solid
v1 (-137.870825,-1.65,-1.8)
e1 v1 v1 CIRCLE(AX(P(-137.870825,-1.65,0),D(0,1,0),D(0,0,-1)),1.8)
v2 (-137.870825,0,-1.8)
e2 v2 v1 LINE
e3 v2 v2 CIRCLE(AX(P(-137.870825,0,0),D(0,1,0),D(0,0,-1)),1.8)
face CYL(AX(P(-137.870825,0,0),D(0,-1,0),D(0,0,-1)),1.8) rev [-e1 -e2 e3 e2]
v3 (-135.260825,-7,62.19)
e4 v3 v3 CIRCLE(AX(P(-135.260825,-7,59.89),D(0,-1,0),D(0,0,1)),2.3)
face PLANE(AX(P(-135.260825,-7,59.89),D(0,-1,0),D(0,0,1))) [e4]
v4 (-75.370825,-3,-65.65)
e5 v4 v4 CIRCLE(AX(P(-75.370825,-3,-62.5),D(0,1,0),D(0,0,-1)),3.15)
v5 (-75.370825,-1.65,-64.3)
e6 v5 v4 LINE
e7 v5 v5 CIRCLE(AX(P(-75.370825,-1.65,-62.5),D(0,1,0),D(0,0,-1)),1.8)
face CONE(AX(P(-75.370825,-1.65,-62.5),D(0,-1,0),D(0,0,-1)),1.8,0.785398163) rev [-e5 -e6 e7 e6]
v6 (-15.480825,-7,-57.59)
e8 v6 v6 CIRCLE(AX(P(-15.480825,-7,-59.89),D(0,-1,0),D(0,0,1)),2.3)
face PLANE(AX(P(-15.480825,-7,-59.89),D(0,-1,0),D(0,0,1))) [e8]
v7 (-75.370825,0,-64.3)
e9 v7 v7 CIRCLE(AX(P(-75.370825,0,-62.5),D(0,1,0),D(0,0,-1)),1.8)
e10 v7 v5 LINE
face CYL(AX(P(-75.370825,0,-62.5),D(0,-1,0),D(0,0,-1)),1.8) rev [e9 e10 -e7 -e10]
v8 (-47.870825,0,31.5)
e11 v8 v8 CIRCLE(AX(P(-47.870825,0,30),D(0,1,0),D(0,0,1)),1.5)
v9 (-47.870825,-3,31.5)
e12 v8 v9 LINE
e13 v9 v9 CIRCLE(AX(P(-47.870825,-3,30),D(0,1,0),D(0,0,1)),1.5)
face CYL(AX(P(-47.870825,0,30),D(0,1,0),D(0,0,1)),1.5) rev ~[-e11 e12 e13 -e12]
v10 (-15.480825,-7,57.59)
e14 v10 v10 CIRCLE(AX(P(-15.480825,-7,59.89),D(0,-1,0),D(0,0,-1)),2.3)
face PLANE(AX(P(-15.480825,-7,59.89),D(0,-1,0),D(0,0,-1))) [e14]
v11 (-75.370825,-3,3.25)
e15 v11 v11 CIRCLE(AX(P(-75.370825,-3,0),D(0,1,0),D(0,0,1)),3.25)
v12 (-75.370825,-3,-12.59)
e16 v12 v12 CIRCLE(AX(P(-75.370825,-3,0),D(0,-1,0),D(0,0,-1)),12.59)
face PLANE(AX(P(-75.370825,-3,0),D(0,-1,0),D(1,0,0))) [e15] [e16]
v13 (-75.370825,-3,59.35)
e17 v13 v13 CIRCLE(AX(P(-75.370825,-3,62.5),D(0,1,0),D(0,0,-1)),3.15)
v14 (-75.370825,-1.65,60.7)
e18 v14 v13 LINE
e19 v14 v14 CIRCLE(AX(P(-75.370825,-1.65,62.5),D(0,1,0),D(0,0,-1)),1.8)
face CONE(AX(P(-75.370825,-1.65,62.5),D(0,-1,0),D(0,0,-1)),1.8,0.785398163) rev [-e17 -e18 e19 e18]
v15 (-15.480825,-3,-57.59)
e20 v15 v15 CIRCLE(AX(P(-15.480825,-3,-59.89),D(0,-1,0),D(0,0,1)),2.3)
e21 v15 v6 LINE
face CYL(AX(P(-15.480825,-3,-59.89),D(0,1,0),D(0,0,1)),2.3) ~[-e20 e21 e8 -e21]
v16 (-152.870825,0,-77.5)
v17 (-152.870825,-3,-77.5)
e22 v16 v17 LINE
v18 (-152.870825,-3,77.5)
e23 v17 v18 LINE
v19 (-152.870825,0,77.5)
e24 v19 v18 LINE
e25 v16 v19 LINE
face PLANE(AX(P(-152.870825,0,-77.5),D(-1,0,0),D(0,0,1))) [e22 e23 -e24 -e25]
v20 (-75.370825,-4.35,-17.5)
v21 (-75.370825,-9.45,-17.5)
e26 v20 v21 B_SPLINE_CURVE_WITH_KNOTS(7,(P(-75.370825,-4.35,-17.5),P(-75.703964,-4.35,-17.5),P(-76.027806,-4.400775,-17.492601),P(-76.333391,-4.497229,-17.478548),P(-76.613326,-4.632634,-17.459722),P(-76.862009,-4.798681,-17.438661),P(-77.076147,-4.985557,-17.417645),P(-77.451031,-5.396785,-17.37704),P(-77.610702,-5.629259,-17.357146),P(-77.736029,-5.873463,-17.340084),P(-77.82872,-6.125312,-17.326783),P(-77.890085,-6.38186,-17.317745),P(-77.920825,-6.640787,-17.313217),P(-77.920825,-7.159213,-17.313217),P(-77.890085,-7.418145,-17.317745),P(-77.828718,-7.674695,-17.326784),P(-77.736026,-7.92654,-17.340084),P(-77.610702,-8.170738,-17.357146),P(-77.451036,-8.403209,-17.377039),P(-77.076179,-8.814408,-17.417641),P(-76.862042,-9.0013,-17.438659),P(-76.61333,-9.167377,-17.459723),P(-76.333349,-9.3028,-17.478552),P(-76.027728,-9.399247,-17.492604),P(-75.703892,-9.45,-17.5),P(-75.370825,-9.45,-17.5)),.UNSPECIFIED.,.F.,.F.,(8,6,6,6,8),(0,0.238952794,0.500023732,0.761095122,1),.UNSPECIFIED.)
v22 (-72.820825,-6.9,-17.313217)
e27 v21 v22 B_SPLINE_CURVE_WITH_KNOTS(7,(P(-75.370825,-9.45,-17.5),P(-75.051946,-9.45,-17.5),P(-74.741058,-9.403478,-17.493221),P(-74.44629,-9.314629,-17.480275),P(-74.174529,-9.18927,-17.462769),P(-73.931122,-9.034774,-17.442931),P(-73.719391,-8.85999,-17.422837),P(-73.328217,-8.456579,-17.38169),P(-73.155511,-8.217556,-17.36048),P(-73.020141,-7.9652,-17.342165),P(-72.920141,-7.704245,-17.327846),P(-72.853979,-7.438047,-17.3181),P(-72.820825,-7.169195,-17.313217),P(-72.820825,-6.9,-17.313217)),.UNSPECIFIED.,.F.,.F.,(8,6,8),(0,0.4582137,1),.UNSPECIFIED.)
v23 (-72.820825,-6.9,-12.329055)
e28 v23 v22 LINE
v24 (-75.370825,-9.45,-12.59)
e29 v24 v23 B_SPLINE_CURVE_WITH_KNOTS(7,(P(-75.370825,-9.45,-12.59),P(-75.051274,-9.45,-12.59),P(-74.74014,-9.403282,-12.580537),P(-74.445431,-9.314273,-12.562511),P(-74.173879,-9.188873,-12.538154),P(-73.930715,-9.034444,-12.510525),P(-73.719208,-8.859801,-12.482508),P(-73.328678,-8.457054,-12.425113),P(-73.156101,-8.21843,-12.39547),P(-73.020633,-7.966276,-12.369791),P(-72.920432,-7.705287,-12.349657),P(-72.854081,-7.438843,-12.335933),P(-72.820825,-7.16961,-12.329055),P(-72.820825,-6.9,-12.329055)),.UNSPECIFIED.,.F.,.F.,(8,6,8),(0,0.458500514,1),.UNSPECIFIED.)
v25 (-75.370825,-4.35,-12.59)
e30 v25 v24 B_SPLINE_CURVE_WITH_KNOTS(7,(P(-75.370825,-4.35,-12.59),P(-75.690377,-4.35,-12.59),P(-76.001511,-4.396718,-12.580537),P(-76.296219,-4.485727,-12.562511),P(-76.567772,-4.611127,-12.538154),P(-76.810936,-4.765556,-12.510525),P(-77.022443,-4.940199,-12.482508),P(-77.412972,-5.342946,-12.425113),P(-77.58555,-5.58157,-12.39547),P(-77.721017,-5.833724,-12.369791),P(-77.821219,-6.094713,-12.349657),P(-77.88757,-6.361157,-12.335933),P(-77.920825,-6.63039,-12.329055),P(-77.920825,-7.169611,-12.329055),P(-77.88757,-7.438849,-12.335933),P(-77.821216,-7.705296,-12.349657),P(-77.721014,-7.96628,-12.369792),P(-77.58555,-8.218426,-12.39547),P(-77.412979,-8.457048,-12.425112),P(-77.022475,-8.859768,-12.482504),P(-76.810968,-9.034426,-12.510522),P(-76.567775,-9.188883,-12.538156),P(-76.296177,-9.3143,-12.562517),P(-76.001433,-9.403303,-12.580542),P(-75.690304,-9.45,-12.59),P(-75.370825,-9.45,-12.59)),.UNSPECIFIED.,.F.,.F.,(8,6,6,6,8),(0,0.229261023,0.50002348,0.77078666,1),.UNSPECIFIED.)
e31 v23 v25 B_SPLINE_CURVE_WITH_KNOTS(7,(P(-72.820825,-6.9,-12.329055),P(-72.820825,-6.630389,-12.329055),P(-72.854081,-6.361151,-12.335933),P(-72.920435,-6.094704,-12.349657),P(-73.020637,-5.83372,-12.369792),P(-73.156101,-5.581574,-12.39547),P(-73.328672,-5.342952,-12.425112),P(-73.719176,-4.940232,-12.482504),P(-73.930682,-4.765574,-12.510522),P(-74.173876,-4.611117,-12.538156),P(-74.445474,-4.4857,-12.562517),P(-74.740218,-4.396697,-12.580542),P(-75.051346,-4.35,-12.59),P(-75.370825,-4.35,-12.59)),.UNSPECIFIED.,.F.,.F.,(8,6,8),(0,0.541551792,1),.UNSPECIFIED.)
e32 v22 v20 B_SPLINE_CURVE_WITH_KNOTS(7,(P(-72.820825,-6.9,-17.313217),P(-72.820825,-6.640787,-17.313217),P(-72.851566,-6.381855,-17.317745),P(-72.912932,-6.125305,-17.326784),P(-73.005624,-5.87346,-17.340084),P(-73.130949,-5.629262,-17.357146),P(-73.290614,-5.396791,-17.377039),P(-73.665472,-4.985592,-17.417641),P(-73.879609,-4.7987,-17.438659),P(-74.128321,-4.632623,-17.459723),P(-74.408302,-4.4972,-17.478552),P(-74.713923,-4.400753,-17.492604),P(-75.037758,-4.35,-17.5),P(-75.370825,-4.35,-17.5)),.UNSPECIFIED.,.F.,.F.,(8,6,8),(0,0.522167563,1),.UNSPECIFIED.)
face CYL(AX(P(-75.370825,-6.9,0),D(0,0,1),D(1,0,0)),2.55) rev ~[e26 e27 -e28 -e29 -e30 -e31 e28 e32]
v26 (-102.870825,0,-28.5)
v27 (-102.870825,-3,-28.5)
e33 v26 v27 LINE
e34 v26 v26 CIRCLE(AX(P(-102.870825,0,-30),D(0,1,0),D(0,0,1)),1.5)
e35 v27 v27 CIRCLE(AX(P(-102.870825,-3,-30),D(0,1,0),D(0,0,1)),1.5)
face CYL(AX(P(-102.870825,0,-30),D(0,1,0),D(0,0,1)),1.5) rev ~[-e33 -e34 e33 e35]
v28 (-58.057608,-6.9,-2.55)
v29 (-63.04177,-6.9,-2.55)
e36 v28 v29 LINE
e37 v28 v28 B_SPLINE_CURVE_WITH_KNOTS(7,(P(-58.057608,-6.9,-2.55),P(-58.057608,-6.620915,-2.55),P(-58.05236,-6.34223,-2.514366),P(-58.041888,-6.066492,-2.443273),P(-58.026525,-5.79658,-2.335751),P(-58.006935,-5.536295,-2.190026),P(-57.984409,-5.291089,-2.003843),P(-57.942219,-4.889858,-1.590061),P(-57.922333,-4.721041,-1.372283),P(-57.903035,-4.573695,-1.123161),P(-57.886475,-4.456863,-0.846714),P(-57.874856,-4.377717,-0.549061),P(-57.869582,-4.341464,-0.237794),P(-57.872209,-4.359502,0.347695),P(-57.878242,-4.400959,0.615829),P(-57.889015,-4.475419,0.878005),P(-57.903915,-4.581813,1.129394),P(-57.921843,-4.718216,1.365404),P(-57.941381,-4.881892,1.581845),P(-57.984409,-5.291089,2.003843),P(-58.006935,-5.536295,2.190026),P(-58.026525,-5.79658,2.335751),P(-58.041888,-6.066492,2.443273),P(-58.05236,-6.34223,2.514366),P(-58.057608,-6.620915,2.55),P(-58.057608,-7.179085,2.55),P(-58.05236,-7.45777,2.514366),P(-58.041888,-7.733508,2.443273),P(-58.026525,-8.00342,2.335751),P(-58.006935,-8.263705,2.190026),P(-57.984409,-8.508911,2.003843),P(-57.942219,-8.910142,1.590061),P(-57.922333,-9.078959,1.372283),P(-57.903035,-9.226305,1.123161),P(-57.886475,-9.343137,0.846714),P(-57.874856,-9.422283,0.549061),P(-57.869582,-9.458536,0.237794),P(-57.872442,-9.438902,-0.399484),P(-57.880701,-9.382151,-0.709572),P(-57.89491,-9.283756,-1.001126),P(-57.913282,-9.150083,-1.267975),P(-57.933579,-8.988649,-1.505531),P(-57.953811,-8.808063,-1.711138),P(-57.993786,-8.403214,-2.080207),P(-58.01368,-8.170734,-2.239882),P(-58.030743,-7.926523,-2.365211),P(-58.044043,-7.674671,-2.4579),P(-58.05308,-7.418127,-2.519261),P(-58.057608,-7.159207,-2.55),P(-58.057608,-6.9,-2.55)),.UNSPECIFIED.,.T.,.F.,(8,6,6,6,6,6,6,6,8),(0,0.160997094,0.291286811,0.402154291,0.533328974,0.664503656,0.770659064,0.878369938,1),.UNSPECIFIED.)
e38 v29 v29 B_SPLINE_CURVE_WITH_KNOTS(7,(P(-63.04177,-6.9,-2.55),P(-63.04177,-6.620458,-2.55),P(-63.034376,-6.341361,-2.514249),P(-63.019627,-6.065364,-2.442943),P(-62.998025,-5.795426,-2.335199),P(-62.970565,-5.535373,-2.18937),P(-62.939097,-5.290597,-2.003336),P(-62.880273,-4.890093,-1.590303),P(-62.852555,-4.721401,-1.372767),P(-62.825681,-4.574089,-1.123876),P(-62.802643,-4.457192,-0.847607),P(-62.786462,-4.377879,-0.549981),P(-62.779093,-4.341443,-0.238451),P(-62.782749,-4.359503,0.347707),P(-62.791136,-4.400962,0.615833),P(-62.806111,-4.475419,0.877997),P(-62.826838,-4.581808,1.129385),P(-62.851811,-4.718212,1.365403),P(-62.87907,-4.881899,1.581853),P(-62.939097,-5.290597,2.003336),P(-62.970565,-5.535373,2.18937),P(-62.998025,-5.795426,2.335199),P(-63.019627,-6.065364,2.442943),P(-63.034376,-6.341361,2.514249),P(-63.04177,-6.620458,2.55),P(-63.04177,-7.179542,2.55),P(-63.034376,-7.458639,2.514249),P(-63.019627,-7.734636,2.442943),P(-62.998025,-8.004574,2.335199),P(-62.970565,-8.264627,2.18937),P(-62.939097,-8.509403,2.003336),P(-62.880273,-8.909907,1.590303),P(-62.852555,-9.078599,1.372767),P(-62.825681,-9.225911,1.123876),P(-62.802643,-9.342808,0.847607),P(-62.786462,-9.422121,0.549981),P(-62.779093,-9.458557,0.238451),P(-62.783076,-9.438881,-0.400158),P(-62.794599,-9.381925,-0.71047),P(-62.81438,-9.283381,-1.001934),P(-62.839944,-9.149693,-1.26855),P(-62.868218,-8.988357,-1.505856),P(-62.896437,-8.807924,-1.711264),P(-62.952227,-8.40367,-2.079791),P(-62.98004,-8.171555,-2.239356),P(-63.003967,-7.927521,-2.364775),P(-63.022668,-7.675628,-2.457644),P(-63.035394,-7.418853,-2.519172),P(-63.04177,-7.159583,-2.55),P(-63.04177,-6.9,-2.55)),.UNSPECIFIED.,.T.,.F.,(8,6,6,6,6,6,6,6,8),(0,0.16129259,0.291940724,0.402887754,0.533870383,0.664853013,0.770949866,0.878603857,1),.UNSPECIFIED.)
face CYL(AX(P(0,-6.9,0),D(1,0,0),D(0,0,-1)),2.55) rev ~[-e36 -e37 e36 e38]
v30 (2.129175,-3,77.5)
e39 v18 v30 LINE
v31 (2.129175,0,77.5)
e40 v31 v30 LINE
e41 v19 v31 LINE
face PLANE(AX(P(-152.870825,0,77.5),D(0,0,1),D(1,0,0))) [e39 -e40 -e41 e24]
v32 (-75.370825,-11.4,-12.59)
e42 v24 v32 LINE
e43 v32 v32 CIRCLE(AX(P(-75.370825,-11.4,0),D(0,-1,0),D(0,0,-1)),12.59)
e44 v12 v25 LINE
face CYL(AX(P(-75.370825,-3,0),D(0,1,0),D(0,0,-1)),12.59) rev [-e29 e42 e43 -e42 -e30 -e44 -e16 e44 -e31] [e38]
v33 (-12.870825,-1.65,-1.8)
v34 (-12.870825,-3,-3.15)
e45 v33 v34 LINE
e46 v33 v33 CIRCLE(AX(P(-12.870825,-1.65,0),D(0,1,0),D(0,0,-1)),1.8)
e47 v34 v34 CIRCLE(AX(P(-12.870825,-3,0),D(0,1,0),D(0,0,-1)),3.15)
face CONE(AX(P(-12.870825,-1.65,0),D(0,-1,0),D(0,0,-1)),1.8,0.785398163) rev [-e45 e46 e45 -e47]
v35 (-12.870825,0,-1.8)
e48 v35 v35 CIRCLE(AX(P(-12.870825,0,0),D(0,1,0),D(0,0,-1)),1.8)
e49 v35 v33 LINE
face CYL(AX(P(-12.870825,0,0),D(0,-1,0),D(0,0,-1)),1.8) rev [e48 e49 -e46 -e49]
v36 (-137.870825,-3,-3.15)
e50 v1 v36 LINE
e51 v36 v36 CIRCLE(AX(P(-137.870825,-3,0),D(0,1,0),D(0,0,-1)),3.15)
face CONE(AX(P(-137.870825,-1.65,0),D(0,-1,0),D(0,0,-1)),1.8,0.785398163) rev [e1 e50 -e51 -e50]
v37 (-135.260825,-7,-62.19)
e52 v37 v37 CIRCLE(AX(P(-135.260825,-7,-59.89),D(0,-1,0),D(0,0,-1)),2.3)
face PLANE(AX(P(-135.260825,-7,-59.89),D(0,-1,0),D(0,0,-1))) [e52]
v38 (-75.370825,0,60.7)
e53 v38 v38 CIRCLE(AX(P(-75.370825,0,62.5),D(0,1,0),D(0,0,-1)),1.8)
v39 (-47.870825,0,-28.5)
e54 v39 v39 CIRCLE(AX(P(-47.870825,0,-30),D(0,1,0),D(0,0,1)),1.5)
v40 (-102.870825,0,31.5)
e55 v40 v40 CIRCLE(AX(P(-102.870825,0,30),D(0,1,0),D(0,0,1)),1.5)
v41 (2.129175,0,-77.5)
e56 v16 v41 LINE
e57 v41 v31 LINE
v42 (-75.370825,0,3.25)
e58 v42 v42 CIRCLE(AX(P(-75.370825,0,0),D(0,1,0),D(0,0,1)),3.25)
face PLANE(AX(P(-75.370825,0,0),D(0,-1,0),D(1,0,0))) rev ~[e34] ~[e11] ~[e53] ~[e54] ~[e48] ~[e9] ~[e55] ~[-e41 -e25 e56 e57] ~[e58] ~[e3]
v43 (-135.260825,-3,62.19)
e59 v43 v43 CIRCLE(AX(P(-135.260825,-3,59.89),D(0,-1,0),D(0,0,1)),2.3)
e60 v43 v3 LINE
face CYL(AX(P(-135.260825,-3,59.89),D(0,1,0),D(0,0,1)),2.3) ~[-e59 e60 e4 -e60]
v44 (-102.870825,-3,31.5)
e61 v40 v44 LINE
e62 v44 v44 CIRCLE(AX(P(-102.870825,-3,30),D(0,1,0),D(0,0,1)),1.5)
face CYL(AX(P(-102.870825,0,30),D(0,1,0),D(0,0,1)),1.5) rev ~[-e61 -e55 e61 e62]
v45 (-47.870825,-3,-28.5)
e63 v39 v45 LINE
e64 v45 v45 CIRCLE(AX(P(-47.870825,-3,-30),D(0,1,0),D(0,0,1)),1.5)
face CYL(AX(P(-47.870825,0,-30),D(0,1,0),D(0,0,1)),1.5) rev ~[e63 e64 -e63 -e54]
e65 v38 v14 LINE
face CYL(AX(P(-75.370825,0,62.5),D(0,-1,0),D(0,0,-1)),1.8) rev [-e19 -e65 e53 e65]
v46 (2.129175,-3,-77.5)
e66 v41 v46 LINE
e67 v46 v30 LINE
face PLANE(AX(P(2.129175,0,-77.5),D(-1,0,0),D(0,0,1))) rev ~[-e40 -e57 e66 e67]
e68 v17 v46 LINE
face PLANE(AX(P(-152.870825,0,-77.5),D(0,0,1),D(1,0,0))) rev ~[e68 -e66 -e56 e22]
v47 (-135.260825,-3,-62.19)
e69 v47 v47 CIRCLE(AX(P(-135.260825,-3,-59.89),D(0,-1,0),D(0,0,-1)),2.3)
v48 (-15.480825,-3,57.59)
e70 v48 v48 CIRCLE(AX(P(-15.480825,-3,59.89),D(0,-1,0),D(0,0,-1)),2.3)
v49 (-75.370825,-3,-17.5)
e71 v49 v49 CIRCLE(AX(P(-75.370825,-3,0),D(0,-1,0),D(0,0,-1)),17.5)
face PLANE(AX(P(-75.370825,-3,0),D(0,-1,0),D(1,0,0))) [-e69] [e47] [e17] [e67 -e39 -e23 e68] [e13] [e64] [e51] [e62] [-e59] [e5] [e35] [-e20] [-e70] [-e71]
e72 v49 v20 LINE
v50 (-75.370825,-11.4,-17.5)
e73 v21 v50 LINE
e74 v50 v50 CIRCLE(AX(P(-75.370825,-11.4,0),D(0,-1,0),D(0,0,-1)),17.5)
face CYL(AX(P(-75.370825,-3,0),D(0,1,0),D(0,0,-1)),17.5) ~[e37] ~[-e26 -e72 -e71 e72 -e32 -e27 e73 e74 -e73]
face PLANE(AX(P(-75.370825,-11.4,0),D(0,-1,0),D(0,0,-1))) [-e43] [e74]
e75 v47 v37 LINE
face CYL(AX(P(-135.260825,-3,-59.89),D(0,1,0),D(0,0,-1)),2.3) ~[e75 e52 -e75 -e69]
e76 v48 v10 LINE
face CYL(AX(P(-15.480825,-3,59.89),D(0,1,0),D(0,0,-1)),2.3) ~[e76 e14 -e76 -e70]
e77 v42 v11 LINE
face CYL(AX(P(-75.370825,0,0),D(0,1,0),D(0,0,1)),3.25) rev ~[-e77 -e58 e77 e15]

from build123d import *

# Parameters (mm, degrees)
SKETCH10_W                                     = 155
SKETCH10_H                                     = 155
BOSS_EXTRUDE3_DEPTH                            = 3
SKETCH11_R                                     = 17.5
SKETCH11_R_2                                   = 12.59
BOSS_EXTRUDE4_DEPTH                            = 8.4
SKETCH11_4_R                                   = 2.3
BOSS_EXTRUDE6_DEPTH                            = 4
SKETCH12_R                                     = 2.55
CUT_EXTRUDE1_DEPTH                             = 37
SKETCH14_R                                     = 2.55
CUT_EXTRUDE2_DEPTH                             = 75
SKETCH15_R                                     = 1.5
SKETCH15_R_2                                   = 3.25
CUT_EXTRUDE3_DEPTH                             = 95
CSK_FOR_M3_FLAT_HEAD_MACHINE_SCREW1_AT_2_COUNT = 2
CSK_FOR_M3_FLAT_HEAD_MACHINE_SCREW1_AT_2_PITCH = 88.388347648
CSK_FOR_M3_FLAT_HEAD_MACHINE_SCREW1_AT_3_COUNT = 2
CSK_FOR_M3_FLAT_HEAD_MACHINE_SCREW1_AT_3_PITCH = 125
CSK_FOR_M3_FLAT_HEAD_MACHINE_SCREW1_AT_4_COUNT = 2
CSK_FOR_M3_FLAT_HEAD_MACHINE_SCREW1_AT_4_PITCH = 88.388347648


with BuildPart() as part:
    # Sketch10 → Boss-Extrude3 (new body)
    with BuildSketch(Plane.XZ):
        with Locations((-75.370825338, 0)):
            Rectangle(SKETCH10_W, SKETCH10_H)
    extrude(amount=BOSS_EXTRUDE3_DEPTH)

    # Sketch11 → Boss-Extrude4 (add)
    with BuildSketch(Plane.XZ.offset(3)):
        with Locations((-75.370825338, 0)):
            Circle(SKETCH11_R)
        with Locations((-75.370825338, 0)):
            Circle(SKETCH11_R_2, mode=Mode.SUBTRACT)
    extrude(amount=BOSS_EXTRUDE4_DEPTH)

    # Sketch11<4> → Boss-Extrude6 (add)
    with BuildSketch(Plane.XZ.offset(3)):
        with Locations((-135.260825338, 59.89)):
            Circle(SKETCH11_4_R)
        with Locations((-15.480825338, 59.89)):
            Circle(SKETCH11_4_R)
        with Locations((-15.480825338, -59.89)):
            Circle(SKETCH11_4_R)
        with Locations((-135.260825338, -59.89)):
            Circle(SKETCH11_4_R)
    extrude(amount=BOSS_EXTRUDE6_DEPTH)

    # Sketch12 → Cut-Extrude1 (cut)
    with BuildSketch(Plane.XY):
        with Locations((-75.370825338, -6.9)):
            Circle(SKETCH12_R)
    extrude(amount=-CUT_EXTRUDE1_DEPTH, mode=Mode.SUBTRACT)

    # Sketch14 → Cut-Extrude2 (cut)
    with BuildSketch(Plane(origin=(0, 0, 0), x_dir=(0, 0, -1), z_dir=(1, 0, 0))):
        with Locations((0, -6.9)):
            Circle(SKETCH14_R)
    extrude(amount=-CUT_EXTRUDE2_DEPTH, mode=Mode.SUBTRACT)

    # Sketch15 → Cut-Extrude3 (cut)
    with BuildSketch(Plane(origin=(0, 0, 0), x_dir=(1, 0, 0), z_dir=(0, 1, 0))):
        with Locations((-102.870825338, 30)):
            Circle(SKETCH15_R)
        with Locations((-47.870825338, 30)):
            Circle(SKETCH15_R)
        with Locations((-47.870825338, -30)):
            Circle(SKETCH15_R)
        with Locations((-102.870825338, -30)):
            Circle(SKETCH15_R)
        with Locations((-75.370825338, 0)):
            Circle(SKETCH15_R_2)
    extrude(amount=-CUT_EXTRUDE3_DEPTH, mode=Mode.SUBTRACT)

    # Sketch18 → CSK for M3 Flat Head Machine Screw1 (revolve, cut)
    with BuildSketch(Plane(origin=(-75.370825338, -3, -62.5), x_dir=(0, 0, -1), z_dir=(1, 0, 0))):
        Polygon((0, 0), (0, 3), (1.8, 3), (1.8, 1.35), (3.15, 0), align=None)
    csk_for_m3_flat_head_machine_screw1 = revolve(axis=Axis((-75.370825338, -9.35, -62.5), (0, 1, 0)), mode=Mode.SUBTRACT)

    # CSK for M3 Flat Head Machine Screw1 at 2: CSK for M3 Flat Head Machine Screw1 ×2
    with Locations(*[Vector(0.7071067811865477, 0, 0.7071067811865474) * (i * CSK_FOR_M3_FLAT_HEAD_MACHINE_SCREW1_AT_2_PITCH) for i in range(1, CSK_FOR_M3_FLAT_HEAD_MACHINE_SCREW1_AT_2_COUNT)]):
        add(csk_for_m3_flat_head_machine_screw1, mode=Mode.SUBTRACT)

    # CSK for M3 Flat Head Machine Screw1 at 3: CSK for M3 Flat Head Machine Screw1 ×2
    with Locations(*[(0, 0, i * CSK_FOR_M3_FLAT_HEAD_MACHINE_SCREW1_AT_3_PITCH) for i in range(1, CSK_FOR_M3_FLAT_HEAD_MACHINE_SCREW1_AT_3_COUNT)]):
        add(csk_for_m3_flat_head_machine_screw1, mode=Mode.SUBTRACT)

    # CSK for M3 Flat Head Machine Screw1 at 4: CSK for M3 Flat Head Machine Screw1 ×2
    with Locations(*[Vector(-0.7071067811865479, 0, 0.7071067811865472) * (i * CSK_FOR_M3_FLAT_HEAD_MACHINE_SCREW1_AT_4_PITCH) for i in range(1, CSK_FOR_M3_FLAT_HEAD_MACHINE_SCREW1_AT_4_COUNT)]):
        add(csk_for_m3_flat_head_machine_screw1, mode=Mode.SUBTRACT)


solid = part.part
